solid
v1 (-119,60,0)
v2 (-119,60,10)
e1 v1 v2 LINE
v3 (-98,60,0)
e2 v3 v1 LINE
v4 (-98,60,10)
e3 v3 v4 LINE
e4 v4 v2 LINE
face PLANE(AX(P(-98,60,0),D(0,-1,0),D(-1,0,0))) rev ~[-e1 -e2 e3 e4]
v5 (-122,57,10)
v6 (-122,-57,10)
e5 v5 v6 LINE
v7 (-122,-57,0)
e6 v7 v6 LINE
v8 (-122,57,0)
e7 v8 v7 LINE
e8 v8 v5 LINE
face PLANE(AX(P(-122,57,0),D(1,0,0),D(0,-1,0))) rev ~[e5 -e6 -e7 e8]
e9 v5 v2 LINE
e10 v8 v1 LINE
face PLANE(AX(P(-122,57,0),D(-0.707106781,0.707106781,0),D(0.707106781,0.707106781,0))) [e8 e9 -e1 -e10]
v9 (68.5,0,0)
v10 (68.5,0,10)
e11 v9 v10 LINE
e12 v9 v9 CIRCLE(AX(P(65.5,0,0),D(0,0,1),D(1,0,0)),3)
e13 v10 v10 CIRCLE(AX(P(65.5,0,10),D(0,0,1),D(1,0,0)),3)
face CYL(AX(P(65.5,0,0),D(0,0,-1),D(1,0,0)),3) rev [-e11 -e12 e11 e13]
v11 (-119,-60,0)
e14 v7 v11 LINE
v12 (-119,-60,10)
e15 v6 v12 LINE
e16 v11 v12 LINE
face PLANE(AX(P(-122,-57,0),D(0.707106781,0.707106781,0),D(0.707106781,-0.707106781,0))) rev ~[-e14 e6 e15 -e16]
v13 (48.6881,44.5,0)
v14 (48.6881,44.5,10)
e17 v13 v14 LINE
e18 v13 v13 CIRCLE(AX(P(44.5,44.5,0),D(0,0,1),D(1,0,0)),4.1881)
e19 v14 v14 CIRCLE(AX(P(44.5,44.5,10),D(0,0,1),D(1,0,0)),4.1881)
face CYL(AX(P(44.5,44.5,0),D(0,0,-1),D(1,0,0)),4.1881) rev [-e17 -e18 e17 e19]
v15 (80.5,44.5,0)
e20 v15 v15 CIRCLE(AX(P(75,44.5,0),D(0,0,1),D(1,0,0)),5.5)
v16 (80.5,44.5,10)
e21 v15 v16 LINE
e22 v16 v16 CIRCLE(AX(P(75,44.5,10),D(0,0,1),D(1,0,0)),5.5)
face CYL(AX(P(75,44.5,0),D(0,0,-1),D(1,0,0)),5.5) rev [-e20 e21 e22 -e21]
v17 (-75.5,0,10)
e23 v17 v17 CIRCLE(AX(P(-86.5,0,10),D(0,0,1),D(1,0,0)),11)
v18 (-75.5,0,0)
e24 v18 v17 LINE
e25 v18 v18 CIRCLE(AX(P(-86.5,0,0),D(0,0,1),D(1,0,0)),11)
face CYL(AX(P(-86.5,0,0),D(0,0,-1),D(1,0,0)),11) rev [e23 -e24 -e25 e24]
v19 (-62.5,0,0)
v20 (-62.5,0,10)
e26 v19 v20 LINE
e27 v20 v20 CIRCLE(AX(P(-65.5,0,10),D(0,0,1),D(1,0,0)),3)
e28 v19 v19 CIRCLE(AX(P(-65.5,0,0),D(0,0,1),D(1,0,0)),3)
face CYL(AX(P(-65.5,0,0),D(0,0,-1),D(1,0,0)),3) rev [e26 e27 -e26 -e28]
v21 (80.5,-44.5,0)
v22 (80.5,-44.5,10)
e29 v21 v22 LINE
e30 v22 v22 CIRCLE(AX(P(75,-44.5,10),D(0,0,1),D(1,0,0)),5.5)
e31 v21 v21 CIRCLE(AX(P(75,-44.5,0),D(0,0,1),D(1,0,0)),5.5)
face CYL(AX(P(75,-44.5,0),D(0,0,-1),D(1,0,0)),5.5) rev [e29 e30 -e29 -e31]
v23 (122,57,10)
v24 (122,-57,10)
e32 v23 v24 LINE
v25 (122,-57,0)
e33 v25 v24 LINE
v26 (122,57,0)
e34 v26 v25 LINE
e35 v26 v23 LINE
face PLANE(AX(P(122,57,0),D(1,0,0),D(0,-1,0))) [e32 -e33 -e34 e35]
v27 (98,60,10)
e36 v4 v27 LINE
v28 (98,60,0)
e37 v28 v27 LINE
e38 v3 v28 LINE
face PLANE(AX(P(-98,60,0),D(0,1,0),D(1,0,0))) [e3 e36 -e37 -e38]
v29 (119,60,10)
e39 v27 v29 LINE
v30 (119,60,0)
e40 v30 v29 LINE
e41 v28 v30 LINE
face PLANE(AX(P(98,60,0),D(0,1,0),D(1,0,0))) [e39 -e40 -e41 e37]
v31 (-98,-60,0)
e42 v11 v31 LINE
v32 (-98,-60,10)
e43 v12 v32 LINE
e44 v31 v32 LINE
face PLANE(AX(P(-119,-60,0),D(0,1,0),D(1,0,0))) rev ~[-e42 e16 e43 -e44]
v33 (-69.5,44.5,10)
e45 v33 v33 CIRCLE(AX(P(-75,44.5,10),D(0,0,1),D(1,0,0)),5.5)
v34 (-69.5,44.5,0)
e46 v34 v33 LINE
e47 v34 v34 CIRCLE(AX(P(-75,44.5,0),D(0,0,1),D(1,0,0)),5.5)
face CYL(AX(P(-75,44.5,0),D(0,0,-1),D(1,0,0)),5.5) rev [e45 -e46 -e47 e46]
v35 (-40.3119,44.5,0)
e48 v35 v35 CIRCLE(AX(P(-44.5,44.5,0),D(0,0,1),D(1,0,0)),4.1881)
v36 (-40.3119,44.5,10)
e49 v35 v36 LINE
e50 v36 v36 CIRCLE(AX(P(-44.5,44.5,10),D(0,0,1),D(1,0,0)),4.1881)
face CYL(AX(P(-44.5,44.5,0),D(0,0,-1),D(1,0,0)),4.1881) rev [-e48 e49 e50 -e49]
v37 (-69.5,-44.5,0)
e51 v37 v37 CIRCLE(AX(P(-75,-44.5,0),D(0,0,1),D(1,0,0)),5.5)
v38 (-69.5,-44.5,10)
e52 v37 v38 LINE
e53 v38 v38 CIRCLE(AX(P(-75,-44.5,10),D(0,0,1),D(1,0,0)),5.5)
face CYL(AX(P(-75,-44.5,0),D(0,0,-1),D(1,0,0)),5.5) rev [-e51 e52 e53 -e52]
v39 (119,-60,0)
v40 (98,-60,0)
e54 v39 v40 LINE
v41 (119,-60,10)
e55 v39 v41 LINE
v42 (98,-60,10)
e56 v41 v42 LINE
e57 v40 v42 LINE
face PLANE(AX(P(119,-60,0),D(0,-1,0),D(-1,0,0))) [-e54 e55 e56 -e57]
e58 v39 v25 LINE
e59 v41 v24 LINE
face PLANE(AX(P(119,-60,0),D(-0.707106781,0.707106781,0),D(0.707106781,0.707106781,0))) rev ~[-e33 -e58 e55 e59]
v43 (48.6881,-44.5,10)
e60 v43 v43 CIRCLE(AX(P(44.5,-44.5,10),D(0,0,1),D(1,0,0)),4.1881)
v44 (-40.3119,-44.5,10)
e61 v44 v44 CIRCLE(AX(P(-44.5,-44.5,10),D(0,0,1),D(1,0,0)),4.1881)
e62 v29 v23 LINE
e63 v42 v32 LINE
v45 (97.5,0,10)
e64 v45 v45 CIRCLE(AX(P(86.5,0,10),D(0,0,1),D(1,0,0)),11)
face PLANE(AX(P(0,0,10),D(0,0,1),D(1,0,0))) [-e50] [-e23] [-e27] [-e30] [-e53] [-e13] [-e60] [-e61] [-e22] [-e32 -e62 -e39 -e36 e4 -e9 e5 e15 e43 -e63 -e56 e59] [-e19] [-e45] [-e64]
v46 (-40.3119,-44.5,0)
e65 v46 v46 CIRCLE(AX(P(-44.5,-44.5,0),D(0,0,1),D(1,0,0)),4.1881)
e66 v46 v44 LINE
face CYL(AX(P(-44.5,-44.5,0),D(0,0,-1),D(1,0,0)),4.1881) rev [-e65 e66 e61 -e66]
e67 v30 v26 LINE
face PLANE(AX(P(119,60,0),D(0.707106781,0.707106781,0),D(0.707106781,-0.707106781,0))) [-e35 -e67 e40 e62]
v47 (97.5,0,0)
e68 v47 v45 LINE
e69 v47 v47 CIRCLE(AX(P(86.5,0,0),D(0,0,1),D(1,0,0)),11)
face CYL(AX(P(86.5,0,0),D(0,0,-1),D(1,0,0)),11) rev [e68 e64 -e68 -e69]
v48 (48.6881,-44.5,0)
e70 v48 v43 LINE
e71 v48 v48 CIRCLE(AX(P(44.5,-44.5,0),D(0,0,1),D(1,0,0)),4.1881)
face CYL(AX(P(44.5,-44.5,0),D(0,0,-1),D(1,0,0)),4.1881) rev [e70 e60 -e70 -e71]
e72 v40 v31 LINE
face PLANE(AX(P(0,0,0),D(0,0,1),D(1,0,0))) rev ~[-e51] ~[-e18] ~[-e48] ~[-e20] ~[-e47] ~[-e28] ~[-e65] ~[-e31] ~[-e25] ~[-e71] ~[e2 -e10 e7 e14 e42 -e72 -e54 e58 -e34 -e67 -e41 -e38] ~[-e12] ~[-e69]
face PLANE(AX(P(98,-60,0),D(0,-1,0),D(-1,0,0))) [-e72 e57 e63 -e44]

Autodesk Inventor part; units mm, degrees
ref_plane "YZ Plane" through (0, 0, 0) normal (1, 0, 0) x (0, 1, 0)
ref_plane "XZ Plane" through (0, 0, 0) normal (0, 1, 0) x (-1, 0, 0)
ref_plane "XY Plane" through (0, 0, 0) normal (0, 0, 1) x (1, 0, 0)
sketch "Sketch1" plane through (0, 0, 0) normal (0, 0, 1) x (1, 0, 0)
  circle A0 centre (-86.5, 0) radius 11 projected
  circle A1 centre (86.5, 0) radius 11 projected
  circle A2 centre (-75, 44.5) radius 5.5 projected
  circle A3 centre (-75, -44.5) radius 5.5 projected
  circle A4 centre (75, 44.5) radius 5.5 projected
  circle A5 centre (75, -44.5) radius 5.5 projected
  circle A6 centre (-65.5, 0) radius 3 projected
  circle A7 centre (65.5, 0) radius 3 projected
  circle A8 centre (-44.5, 44.5) radius 4.1881 projected
  circle A9 centre (-44.5, -44.5) radius 4.1881 projected
  circle A10 centre (44.5, 44.5) radius 4.1881 projected
  circle A11 centre (44.5, -44.5) radius 4.1881 projected
  line L0 (100, -58) -> (98, -60) construction
  line L1 (100, 58) -> (100, -58) construction
  line L2 (98, 60) -> (100, 58) construction
  line L3 (-98, 60) -> (98, 60) projected
  line L4 (-100, 58) -> (-98, 60) construction
  line L5 (-100, -58) -> (-100, 58) construction
  line L6 (-98, -60) -> (-100, -58) construction
  line L7 (98, -60) -> (-98, -60) projected
  line L8 (98, 60) -> (119, 60)
  line L9 (122, 57) -> (122, -57)
  line L10 (119, -60) -> (98, -60)
  line L11 (98, -60) -> (98, 60) construction
  line L12 (-98, 60) -> (-119, 60)
  line L13 (-122, 57) -> (-122, -57)
  line L14 (-119, -60) -> (-98, -60)
  line L15 (-98, -60) -> (-98, 60) construction
  line L16 (119, 60) -> (122, 57)
  line L17 (119, -60) -> (122, -57)
  line L18 (-122, -57) -> (-119, -60)
  line L19 (-122, 57) -> (-119, 60)
  point P0 (0, 0)
  point P1 (122, -60)
  point P2 (122, 60)
  point P3 (-122, -60)
  point P4 (-122, 60)
  dimension "d4" = 3
  dimension "d5" = 3
  dimension "d6" = 3
  dimension "d7" = 3
  dimension "d8" = 3
  dimension "d9" = 3
  dimension "d10" = 3
  dimension "d11" = 3
  dimension "d12" = 22
  dimension "d13" = 22
extrude "Extrusion1" add sketch "Sketch1" along normal blind 10
equation "\"d5\" = d4"
equation "\"d6\" = d4"
equation "\"d7\" = d6"
equation "\"d8\" = d4"
equation "\"d9\" = d8"
equation "\"d10\" = d4"
equation "\"d11\" = d10"
equation "\"d13\" = d12"
properties part number "TilesGrip"
